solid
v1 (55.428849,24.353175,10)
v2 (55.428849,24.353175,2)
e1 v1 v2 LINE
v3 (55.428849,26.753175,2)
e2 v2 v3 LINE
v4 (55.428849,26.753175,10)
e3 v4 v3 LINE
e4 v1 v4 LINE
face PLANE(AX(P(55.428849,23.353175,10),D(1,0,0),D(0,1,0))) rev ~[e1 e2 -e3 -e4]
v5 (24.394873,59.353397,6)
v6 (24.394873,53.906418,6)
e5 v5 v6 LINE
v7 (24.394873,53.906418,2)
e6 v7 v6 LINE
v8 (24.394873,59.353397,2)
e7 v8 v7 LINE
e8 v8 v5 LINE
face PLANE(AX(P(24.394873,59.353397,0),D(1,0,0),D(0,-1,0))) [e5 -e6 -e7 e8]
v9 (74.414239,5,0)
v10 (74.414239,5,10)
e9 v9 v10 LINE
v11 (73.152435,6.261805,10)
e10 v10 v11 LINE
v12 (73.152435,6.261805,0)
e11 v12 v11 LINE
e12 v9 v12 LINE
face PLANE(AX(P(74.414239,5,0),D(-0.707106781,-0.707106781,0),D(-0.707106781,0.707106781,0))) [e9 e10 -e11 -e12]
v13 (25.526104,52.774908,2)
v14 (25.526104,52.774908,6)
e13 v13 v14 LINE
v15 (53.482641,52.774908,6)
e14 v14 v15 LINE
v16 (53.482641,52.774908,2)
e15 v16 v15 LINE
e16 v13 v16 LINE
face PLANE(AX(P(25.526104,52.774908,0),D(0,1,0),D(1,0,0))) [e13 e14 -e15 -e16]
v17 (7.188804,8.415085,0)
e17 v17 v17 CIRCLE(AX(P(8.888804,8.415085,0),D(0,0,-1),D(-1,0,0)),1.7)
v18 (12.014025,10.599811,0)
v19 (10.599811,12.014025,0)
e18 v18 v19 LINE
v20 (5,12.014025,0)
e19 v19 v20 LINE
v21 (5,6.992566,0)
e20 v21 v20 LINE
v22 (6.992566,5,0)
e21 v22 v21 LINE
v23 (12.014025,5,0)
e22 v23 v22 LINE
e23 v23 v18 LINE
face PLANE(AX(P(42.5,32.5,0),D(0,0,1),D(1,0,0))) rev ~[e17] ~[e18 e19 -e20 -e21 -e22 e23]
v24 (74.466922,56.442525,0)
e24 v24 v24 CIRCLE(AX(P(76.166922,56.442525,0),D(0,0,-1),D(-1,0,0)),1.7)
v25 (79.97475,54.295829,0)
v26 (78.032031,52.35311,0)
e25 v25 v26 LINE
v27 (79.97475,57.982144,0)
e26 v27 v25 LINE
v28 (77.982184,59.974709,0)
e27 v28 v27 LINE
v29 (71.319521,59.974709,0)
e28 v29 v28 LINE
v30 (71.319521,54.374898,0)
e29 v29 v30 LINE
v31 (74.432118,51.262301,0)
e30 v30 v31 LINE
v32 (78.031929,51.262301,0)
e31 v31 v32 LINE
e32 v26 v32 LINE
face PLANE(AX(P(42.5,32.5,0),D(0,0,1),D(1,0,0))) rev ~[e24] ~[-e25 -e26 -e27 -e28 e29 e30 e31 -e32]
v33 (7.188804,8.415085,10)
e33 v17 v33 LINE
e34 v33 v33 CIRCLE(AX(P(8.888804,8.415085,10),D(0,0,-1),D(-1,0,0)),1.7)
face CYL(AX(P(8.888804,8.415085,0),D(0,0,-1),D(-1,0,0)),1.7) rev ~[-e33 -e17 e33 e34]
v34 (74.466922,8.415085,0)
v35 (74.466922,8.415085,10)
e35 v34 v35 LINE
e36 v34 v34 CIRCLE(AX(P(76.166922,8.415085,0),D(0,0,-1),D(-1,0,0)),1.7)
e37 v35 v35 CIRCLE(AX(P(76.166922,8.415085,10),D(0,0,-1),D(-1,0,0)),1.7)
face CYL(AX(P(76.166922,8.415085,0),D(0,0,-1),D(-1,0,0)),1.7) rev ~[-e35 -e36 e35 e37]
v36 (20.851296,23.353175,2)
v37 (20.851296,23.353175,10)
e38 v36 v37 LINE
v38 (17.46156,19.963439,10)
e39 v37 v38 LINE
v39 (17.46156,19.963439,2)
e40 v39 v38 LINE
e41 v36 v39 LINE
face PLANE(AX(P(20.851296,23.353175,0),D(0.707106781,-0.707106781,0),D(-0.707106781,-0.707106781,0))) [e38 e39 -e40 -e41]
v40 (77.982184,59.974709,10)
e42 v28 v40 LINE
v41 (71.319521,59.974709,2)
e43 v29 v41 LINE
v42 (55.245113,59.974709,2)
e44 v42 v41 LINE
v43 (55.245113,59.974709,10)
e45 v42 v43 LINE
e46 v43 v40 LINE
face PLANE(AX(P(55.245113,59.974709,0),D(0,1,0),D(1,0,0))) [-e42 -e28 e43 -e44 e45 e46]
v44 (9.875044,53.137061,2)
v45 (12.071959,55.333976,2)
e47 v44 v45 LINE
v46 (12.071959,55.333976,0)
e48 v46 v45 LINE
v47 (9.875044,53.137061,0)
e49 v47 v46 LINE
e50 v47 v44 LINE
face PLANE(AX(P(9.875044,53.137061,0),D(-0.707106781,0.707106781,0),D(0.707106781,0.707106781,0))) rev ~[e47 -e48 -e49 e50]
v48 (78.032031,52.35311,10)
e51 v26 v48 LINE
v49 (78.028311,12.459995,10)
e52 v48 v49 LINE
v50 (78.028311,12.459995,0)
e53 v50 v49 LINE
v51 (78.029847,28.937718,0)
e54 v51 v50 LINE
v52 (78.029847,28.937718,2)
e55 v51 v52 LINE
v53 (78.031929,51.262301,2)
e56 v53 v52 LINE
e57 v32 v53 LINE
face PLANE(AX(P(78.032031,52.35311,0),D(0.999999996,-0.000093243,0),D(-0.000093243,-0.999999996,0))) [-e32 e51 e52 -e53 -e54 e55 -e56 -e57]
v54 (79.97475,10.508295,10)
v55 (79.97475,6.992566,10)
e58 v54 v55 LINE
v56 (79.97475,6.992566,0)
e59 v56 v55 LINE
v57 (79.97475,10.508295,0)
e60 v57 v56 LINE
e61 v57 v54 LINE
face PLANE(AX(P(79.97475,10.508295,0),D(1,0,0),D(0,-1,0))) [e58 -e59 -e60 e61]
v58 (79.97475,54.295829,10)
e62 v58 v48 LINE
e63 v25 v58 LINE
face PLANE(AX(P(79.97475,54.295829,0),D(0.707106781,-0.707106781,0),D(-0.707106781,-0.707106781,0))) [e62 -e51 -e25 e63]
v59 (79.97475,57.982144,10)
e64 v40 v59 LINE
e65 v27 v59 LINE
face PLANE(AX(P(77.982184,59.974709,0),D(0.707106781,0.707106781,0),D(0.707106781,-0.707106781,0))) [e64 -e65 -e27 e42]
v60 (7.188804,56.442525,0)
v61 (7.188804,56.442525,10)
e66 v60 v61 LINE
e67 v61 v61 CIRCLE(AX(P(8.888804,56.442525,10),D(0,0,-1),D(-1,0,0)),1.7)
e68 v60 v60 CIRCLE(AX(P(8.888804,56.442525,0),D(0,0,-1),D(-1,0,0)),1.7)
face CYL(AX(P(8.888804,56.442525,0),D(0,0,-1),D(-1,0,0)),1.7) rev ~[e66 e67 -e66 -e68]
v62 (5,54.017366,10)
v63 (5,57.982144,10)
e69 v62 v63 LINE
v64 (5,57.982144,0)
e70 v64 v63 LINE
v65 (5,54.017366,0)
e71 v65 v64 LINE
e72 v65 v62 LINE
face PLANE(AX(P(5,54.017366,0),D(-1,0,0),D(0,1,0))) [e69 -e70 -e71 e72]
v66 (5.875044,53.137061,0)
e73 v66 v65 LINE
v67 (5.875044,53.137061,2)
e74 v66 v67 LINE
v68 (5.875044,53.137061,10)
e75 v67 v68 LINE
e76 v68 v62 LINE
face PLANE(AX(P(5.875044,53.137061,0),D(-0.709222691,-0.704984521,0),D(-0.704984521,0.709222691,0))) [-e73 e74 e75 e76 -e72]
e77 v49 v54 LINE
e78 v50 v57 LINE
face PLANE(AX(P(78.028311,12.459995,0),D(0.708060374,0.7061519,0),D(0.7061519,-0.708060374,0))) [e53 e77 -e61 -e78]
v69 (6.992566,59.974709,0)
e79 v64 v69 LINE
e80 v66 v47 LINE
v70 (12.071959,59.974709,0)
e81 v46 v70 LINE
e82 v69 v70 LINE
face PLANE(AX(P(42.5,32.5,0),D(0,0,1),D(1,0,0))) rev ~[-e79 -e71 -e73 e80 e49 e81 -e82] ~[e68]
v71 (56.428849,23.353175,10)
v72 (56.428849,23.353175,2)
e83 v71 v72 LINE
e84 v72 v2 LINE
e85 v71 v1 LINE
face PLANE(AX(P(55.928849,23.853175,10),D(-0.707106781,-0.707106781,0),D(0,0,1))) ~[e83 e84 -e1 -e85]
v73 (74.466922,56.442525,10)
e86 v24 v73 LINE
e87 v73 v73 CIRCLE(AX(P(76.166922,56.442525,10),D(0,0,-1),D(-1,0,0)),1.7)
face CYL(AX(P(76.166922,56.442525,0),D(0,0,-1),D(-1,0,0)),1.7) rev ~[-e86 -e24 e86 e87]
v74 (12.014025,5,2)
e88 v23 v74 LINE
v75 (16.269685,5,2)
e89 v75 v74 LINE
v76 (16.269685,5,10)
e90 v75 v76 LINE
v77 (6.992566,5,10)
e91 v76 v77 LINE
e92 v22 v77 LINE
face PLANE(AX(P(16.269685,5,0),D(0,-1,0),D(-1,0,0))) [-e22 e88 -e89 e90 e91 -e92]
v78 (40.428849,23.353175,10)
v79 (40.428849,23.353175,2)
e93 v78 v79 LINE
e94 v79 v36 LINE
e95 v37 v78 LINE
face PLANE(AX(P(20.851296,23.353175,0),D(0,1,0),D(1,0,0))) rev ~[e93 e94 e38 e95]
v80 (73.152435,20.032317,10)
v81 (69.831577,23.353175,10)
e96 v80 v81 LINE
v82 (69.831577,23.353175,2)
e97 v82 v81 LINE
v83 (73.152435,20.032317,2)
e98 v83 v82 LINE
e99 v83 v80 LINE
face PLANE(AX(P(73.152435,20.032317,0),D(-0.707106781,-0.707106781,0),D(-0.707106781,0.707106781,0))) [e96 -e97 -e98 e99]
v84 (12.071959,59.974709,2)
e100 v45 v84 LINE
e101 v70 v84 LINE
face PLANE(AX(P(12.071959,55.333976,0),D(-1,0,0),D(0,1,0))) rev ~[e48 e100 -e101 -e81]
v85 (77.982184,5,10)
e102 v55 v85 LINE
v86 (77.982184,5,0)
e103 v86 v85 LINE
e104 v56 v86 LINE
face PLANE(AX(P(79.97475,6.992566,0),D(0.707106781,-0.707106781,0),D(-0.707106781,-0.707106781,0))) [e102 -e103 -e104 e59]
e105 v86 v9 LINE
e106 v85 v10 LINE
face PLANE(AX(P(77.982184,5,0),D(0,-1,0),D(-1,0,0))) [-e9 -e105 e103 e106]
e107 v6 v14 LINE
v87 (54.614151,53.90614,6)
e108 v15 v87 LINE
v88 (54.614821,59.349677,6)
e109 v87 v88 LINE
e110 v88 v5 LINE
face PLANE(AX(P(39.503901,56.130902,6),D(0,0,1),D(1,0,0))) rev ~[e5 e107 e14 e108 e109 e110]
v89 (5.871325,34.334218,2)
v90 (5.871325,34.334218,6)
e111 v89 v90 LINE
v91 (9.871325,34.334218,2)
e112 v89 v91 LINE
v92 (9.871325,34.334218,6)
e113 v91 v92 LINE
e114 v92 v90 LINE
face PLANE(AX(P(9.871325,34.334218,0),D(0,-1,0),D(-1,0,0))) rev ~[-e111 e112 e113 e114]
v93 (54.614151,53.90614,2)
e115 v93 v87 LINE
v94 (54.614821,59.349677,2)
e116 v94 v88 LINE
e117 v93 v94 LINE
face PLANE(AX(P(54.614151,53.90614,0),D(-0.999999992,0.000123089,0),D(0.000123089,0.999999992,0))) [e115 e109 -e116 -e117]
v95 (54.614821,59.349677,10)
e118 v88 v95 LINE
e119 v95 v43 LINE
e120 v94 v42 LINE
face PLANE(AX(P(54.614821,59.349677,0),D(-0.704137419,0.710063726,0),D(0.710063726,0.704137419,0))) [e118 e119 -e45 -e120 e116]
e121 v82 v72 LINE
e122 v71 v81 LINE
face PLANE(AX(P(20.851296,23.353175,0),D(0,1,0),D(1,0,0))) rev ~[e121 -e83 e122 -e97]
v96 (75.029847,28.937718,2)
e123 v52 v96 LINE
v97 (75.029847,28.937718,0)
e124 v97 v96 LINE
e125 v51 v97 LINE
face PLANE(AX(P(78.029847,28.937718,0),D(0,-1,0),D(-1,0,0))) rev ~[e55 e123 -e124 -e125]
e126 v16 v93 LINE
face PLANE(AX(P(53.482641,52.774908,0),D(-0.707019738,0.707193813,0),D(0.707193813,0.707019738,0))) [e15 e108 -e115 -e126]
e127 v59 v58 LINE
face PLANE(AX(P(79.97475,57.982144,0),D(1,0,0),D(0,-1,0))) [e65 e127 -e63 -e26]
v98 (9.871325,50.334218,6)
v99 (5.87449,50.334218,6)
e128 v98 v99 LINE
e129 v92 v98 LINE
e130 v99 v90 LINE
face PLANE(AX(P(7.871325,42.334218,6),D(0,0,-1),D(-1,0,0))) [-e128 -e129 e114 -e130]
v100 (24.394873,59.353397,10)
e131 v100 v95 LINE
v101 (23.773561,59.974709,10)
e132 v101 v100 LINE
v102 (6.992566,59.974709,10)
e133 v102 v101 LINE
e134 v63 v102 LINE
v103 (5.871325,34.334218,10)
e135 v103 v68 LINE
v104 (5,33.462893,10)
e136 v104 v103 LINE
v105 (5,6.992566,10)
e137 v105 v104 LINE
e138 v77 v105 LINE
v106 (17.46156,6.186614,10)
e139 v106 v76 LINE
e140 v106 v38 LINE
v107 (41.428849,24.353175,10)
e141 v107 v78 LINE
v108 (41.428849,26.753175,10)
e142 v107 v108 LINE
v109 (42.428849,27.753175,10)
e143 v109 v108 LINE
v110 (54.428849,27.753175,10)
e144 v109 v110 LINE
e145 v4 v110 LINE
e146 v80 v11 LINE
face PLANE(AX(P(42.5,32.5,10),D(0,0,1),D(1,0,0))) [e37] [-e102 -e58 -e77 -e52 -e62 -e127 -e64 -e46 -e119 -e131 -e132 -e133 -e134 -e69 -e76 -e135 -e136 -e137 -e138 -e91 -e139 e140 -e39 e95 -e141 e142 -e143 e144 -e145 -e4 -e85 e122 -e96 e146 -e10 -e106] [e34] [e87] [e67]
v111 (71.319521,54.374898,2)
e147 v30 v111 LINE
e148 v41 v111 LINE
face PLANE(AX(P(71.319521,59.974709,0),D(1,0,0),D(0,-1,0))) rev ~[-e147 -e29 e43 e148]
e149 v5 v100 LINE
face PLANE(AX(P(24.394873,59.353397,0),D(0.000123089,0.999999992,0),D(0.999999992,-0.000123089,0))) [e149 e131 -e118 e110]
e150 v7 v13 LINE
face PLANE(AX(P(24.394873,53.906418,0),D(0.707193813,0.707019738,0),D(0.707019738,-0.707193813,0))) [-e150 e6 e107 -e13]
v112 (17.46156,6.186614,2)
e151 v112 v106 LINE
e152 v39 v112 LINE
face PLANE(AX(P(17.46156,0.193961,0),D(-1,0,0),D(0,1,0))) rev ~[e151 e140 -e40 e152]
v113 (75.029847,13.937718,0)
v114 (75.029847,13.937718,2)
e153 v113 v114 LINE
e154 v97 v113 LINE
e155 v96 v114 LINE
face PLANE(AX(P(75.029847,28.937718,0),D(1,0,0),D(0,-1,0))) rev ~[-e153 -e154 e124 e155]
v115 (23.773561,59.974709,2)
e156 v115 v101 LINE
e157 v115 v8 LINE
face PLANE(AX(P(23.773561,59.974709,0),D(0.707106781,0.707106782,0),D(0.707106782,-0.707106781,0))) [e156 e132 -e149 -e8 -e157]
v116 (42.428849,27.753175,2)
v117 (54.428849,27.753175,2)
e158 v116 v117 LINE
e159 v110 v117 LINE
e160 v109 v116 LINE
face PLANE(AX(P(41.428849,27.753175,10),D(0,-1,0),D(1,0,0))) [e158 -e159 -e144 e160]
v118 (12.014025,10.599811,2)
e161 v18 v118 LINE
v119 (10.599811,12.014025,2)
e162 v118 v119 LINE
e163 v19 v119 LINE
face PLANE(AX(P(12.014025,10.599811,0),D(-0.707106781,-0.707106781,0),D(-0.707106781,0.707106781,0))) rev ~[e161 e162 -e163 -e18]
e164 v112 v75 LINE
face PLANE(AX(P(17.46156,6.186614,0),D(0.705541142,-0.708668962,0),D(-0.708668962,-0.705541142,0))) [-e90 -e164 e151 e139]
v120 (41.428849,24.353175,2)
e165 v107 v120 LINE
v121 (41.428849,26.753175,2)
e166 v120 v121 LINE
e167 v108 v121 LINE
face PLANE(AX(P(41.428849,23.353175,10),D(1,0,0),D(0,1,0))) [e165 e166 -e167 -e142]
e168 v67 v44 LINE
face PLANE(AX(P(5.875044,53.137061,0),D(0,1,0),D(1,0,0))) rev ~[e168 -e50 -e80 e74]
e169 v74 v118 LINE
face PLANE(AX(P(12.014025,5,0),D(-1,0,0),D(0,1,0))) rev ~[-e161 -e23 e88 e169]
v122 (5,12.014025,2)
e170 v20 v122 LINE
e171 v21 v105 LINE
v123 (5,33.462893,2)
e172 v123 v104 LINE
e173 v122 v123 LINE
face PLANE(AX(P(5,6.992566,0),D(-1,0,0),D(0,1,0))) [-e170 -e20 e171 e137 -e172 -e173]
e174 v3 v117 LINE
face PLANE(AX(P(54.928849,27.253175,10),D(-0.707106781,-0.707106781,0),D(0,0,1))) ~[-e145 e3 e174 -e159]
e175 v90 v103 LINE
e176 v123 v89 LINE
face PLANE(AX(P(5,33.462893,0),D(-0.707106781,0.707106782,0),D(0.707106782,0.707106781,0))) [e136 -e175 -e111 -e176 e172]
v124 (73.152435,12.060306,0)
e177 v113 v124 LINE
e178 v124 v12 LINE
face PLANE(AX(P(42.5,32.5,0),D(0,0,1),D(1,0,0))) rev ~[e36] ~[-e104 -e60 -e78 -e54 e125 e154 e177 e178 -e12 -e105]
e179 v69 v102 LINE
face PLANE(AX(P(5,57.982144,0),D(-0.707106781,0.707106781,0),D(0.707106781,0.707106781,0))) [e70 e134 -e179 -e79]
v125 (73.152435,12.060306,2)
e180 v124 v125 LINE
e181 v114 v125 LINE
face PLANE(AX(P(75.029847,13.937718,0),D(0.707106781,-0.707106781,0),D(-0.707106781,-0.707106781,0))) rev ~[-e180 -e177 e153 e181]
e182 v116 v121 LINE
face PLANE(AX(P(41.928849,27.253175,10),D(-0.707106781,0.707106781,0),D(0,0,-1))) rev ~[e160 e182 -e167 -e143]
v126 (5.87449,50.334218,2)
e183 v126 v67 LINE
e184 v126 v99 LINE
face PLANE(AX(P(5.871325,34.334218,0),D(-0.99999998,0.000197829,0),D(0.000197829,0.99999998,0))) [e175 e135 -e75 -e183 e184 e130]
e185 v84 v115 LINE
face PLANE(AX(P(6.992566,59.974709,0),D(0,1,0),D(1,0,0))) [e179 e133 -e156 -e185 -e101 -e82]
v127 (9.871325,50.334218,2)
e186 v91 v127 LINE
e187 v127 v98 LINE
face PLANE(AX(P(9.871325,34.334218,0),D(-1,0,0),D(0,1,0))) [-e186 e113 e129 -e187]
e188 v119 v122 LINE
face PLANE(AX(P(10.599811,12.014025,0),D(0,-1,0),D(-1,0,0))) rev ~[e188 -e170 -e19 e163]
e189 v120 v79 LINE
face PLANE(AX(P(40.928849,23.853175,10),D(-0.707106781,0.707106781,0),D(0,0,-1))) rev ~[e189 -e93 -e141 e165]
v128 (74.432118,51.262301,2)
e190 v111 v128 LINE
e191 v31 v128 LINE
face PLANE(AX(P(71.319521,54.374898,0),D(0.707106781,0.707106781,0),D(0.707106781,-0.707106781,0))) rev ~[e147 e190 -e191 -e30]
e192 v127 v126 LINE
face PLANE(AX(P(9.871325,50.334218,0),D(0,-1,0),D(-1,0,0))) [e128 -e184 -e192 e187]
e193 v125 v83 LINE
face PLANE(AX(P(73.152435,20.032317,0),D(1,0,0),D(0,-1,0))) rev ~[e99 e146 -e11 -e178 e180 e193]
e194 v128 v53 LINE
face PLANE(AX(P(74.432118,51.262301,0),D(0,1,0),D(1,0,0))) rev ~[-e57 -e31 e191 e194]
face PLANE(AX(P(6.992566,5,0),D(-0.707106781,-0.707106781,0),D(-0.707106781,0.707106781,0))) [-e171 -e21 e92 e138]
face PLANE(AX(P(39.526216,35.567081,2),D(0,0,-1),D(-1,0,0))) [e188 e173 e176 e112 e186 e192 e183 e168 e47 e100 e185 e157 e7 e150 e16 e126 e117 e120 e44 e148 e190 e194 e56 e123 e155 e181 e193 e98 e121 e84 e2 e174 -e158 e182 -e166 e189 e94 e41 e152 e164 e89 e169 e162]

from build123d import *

# Parameters (mm, degrees)
SKETCH_1_W           = 85
SKETCH_1_H           = 65
EXTRUDE_1_DEPTH      = 10
CUT_EXTRUDE_1_REACH  = 109.471
SKETCH_2_R           = 1.7
CUT_EXTRUDE_2_REACH  = 109.471
SKETCH_3_W           = 85
SKETCH_3_H           = 65
CUT_EXTRUDE_4_REACH  = 102.464
CUT_EXTRUDE_7_DEPTH  = 6
SKETCH_6_W           = 4
SKETCH_6_H           = 16
CUT_EXTRUDE_8_DEPTH  = 6
CUT_EXTRUDE_11_DEPTH = 2
SKETCH_15_W          = 14
SKETCH_15_H          = 4.4
CUT_EXTRUDE_13_DEPTH = 8
CHAMFER_1_SIZE       = 1


with BuildPart() as part:
    # 草图1 → 凸台-拉伸1 (new body)
    with BuildSketch(Plane.XY):
        with Locations((42.5, 32.5)):
            Rectangle(SKETCH_1_W, SKETCH_1_H)
    extrude(amount=EXTRUDE_1_DEPTH)

    # 草图2 → 切除-拉伸1 (cut, up to next)
    with BuildSketch(Plane(origin=(0, 0, 0), x_dir=(-1, 0, 0), z_dir=(0, 0, -1)), mode=Mode.PRIVATE) as cut_extrude_1_sk1:
        with Locations((-76.166921514, 56.442524765)):
            Circle(SKETCH_2_R)
    cut_extrude_1_tool1 = extrude(cut_extrude_1_sk1.sketch, amount=-CUT_EXTRUDE_1_REACH, mode=Mode.PRIVATE) & part.part
    # 草图2 → 切除-拉伸1 (cut, up to next)
    with BuildSketch(Plane(origin=(0, 0, 0), x_dir=(-1, 0, 0), z_dir=(0, 0, -1)), mode=Mode.PRIVATE) as cut_extrude_1_sk2:
        with Locations((-8.888803658, 56.442524765)):
            Circle(SKETCH_2_R)
    cut_extrude_1_tool2 = extrude(cut_extrude_1_sk2.sketch, amount=-CUT_EXTRUDE_1_REACH, mode=Mode.PRIVATE) & part.part
    # 草图2 → 切除-拉伸1 (cut, up to next)
    with BuildSketch(Plane(origin=(0, 0, 0), x_dir=(-1, 0, 0), z_dir=(0, 0, -1)), mode=Mode.PRIVATE) as cut_extrude_1_sk3:
        with Locations((-76.166921514, 8.41508509)):
            Circle(SKETCH_2_R)
    cut_extrude_1_tool3 = extrude(cut_extrude_1_sk3.sketch, amount=-CUT_EXTRUDE_1_REACH, mode=Mode.PRIVATE) & part.part
    # 草图2 → 切除-拉伸1 (cut, up to next)
    with BuildSketch(Plane(origin=(0, 0, 0), x_dir=(-1, 0, 0), z_dir=(0, 0, -1)), mode=Mode.PRIVATE) as cut_extrude_1_sk4:
        with Locations((-8.888803658, 8.41508509)):
            Circle(SKETCH_2_R)
    cut_extrude_1_tool4 = extrude(cut_extrude_1_sk4.sketch, amount=-CUT_EXTRUDE_1_REACH, mode=Mode.PRIVATE) & part.part
    add(cut_extrude_1_tool1.solids().sort_by_distance((76.166922, 56.442525, 0))[0], mode=Mode.SUBTRACT)
    add(cut_extrude_1_tool2.solids().sort_by_distance((8.888804, 56.442525, 0))[0], mode=Mode.SUBTRACT)
    add(cut_extrude_1_tool3.solids().sort_by_distance((76.166922, 8.415085, 0))[0], mode=Mode.SUBTRACT)
    add(cut_extrude_1_tool4.solids().sort_by_distance((8.888804, 8.415085, 0))[0], mode=Mode.SUBTRACT)

    # 草图3 → 切除-拉伸2 (cut, up to next)
    with BuildSketch(Plane(origin=(0, 0, 0), x_dir=(-1, 0, 0), z_dir=(0, 0, -1)), mode=Mode.PRIVATE) as cut_extrude_2_sk1:
        with Locations((-42.5, 32.5)):
            Rectangle(SKETCH_3_W, SKETCH_3_H)
        Polygon((-5, 33.462892894), (-5.871324699, 34.334217592), (-5.87504445, 53.137061214), (-5, 54.017366187), (-5, 57.982143592), (-6.992565577, 59.974709169), (-23.773560915, 59.974709169), (-24.394872914, 59.353397171), (-54.61482093, 59.349677419), (-55.245113202, 59.974709169), (-77.982184232, 59.974709169), (-79.974749809, 57.982143592), (-79.97474981, 54.295829484), (-78.032030648, 52.353110322), (-78.028310897, 12.45999492), (-79.97474981, 10.508295484), (-79.97474981, 6.992565577), (-77.982184232, 5), (-74.414239441, 5), (-73.152434681, 6.26180476), (-60.043505207, 6.265524511), (-58.772720173, 5), (-32.926479725, 5), (-31.743585303, 6.182894422), (-17.461559563, 6.186614173), (-16.269684867, 5), (-6.992565577, 5), (-5, 6.992565577), align=None, mode=Mode.SUBTRACT)
    cut_extrude_2_tool1 = extrude(cut_extrude_2_sk1.sketch, amount=-CUT_EXTRUDE_2_REACH, mode=Mode.PRIVATE) & part.part
    add(cut_extrude_2_tool1.solids().sort_by_distance((42.5, 63.929953, 0))[0], mode=Mode.SUBTRACT)

    # 草图4 → 切除-拉伸4 (cut, up to next)
    with BuildSketch(Plane(origin=(0, 0, 0), x_dir=(-1, 0, 0), z_dir=(0, 0, -1)), mode=Mode.PRIVATE) as cut_extrude_4_sk1:
        Polygon((-73.152434681, 6.26180476), (-73.152434681, 20.032317315), (-69.831576581, 23.353175415), (-46.787984184, 23.353175415), (-20.851296271, 23.353175415), (-17.461559563, 19.963438707), (-17.461559563, 6.186614173), (-17.461559563, 0.193960815), (-73.152434681, 0.193960815), align=None)
    cut_extrude_4_tool1 = extrude(cut_extrude_4_sk1.sketch, amount=-CUT_EXTRUDE_4_REACH, mode=Mode.PRIVATE) & part.part
    add(cut_extrude_4_tool1.solids().sort_by_distance((45.311727, 11.681443, 0))[0], mode=Mode.SUBTRACT)

    # 草图5 → 切除-拉伸7 (cut)
    with BuildSketch(Plane(origin=(0, 0, 0), x_dir=(-1, 0, 0), z_dir=(0, 0, -1))):
        Polygon((-24.394872914, 59.353397171), (-24.394872914, 53.906418167), (-25.526104495, 52.774908066), (-53.482640788, 52.774908066), (-54.614150889, 53.906139647), (-54.61482093, 59.349677419), align=None)
    extrude(amount=-CUT_EXTRUDE_7_DEPTH, mode=Mode.SUBTRACT)

    # 草图6 → 切除-拉伸8 (cut)
    with BuildSketch(Plane(origin=(0, 0, 0), x_dir=(-1, 0, 0), z_dir=(0, 0, -1))):
        with Locations((-7.871324699, 42.334217592)):
            Rectangle(SKETCH_6_W, SKETCH_6_H)
    extrude(amount=-CUT_EXTRUDE_8_DEPTH, mode=Mode.SUBTRACT)

    # 草图7 → 切除-拉伸11 (cut)
    with BuildSketch(Plane(origin=(0, 0, 0), x_dir=(-1, 0, 0), z_dir=(0, 0, -1))):
        Polygon((-74.432117646, 51.26230094), (-76.432117646, 51.26230094), (-78.031928938, 51.26230094), (-78.029847328, 28.93771831), (-75.029847328, 28.93771831), (-75.029847328, 13.93771831), (-73.152434681, 12.060305663), (-73.152434681, 20.032317315), (-69.831576581, 23.353175415), (-20.851296271, 23.353175415), (-17.461559563, 19.963438707), (-17.461559563, 6.186614173), (-16.269684867, 5), (-12.014024847, 5), (-12.014024847, 10.599811284), (-10.599811284, 12.014024847), (-6.599811284, 12.014024847), (-5, 12.014024847), (-5, 33.462892894), (-5.871324699, 34.334217592), (-9.871324699, 34.334217592), (-9.871324699, 50.334217592), (-5.874489966, 50.334217592), (-5.87504445, 53.137061214), (-9.87504445, 53.137061214), (-12.071959353, 55.333976117), (-12.071959353, 58.333976117), (-12.071959353, 59.974709169), (-23.773560915, 59.974709169), (-24.394872914, 59.353397171), (-24.394872914, 53.906418167), (-25.526104495, 52.774908066), (-53.482640788, 52.774908066), (-54.614150889, 53.906139647), (-54.61482093, 59.349677419), (-55.245113202, 59.974709169), (-71.319520701, 59.974709169), (-71.319520701, 58.374897885), (-71.319520701, 54.374897885), align=None)
    extrude(amount=-CUT_EXTRUDE_11_DEPTH, mode=Mode.SUBTRACT)

    # 草图15 → 切除-拉伸13 (cut)
    with BuildSketch(Plane.XY.offset(10)):
        with Locations((48.428848604, 25.553175415)):
            Rectangle(SKETCH_15_W, SKETCH_15_H)
    extrude(amount=-CUT_EXTRUDE_13_DEPTH, mode=Mode.SUBTRACT)

    # 倒角1
    chamfer_1_edges = [part.edges().sort_by_distance(p)[0] for p in [
        (55.428848604, 23.353175415, 6),
        (55.428848604, 27.753175415, 6),
        (41.428848604, 27.753175415, 6),
        (41.428848604, 23.353175415, 6),
    ]]
    chamfer(chamfer_1_edges, length=CHAMFER_1_SIZE)


solid = part.part
